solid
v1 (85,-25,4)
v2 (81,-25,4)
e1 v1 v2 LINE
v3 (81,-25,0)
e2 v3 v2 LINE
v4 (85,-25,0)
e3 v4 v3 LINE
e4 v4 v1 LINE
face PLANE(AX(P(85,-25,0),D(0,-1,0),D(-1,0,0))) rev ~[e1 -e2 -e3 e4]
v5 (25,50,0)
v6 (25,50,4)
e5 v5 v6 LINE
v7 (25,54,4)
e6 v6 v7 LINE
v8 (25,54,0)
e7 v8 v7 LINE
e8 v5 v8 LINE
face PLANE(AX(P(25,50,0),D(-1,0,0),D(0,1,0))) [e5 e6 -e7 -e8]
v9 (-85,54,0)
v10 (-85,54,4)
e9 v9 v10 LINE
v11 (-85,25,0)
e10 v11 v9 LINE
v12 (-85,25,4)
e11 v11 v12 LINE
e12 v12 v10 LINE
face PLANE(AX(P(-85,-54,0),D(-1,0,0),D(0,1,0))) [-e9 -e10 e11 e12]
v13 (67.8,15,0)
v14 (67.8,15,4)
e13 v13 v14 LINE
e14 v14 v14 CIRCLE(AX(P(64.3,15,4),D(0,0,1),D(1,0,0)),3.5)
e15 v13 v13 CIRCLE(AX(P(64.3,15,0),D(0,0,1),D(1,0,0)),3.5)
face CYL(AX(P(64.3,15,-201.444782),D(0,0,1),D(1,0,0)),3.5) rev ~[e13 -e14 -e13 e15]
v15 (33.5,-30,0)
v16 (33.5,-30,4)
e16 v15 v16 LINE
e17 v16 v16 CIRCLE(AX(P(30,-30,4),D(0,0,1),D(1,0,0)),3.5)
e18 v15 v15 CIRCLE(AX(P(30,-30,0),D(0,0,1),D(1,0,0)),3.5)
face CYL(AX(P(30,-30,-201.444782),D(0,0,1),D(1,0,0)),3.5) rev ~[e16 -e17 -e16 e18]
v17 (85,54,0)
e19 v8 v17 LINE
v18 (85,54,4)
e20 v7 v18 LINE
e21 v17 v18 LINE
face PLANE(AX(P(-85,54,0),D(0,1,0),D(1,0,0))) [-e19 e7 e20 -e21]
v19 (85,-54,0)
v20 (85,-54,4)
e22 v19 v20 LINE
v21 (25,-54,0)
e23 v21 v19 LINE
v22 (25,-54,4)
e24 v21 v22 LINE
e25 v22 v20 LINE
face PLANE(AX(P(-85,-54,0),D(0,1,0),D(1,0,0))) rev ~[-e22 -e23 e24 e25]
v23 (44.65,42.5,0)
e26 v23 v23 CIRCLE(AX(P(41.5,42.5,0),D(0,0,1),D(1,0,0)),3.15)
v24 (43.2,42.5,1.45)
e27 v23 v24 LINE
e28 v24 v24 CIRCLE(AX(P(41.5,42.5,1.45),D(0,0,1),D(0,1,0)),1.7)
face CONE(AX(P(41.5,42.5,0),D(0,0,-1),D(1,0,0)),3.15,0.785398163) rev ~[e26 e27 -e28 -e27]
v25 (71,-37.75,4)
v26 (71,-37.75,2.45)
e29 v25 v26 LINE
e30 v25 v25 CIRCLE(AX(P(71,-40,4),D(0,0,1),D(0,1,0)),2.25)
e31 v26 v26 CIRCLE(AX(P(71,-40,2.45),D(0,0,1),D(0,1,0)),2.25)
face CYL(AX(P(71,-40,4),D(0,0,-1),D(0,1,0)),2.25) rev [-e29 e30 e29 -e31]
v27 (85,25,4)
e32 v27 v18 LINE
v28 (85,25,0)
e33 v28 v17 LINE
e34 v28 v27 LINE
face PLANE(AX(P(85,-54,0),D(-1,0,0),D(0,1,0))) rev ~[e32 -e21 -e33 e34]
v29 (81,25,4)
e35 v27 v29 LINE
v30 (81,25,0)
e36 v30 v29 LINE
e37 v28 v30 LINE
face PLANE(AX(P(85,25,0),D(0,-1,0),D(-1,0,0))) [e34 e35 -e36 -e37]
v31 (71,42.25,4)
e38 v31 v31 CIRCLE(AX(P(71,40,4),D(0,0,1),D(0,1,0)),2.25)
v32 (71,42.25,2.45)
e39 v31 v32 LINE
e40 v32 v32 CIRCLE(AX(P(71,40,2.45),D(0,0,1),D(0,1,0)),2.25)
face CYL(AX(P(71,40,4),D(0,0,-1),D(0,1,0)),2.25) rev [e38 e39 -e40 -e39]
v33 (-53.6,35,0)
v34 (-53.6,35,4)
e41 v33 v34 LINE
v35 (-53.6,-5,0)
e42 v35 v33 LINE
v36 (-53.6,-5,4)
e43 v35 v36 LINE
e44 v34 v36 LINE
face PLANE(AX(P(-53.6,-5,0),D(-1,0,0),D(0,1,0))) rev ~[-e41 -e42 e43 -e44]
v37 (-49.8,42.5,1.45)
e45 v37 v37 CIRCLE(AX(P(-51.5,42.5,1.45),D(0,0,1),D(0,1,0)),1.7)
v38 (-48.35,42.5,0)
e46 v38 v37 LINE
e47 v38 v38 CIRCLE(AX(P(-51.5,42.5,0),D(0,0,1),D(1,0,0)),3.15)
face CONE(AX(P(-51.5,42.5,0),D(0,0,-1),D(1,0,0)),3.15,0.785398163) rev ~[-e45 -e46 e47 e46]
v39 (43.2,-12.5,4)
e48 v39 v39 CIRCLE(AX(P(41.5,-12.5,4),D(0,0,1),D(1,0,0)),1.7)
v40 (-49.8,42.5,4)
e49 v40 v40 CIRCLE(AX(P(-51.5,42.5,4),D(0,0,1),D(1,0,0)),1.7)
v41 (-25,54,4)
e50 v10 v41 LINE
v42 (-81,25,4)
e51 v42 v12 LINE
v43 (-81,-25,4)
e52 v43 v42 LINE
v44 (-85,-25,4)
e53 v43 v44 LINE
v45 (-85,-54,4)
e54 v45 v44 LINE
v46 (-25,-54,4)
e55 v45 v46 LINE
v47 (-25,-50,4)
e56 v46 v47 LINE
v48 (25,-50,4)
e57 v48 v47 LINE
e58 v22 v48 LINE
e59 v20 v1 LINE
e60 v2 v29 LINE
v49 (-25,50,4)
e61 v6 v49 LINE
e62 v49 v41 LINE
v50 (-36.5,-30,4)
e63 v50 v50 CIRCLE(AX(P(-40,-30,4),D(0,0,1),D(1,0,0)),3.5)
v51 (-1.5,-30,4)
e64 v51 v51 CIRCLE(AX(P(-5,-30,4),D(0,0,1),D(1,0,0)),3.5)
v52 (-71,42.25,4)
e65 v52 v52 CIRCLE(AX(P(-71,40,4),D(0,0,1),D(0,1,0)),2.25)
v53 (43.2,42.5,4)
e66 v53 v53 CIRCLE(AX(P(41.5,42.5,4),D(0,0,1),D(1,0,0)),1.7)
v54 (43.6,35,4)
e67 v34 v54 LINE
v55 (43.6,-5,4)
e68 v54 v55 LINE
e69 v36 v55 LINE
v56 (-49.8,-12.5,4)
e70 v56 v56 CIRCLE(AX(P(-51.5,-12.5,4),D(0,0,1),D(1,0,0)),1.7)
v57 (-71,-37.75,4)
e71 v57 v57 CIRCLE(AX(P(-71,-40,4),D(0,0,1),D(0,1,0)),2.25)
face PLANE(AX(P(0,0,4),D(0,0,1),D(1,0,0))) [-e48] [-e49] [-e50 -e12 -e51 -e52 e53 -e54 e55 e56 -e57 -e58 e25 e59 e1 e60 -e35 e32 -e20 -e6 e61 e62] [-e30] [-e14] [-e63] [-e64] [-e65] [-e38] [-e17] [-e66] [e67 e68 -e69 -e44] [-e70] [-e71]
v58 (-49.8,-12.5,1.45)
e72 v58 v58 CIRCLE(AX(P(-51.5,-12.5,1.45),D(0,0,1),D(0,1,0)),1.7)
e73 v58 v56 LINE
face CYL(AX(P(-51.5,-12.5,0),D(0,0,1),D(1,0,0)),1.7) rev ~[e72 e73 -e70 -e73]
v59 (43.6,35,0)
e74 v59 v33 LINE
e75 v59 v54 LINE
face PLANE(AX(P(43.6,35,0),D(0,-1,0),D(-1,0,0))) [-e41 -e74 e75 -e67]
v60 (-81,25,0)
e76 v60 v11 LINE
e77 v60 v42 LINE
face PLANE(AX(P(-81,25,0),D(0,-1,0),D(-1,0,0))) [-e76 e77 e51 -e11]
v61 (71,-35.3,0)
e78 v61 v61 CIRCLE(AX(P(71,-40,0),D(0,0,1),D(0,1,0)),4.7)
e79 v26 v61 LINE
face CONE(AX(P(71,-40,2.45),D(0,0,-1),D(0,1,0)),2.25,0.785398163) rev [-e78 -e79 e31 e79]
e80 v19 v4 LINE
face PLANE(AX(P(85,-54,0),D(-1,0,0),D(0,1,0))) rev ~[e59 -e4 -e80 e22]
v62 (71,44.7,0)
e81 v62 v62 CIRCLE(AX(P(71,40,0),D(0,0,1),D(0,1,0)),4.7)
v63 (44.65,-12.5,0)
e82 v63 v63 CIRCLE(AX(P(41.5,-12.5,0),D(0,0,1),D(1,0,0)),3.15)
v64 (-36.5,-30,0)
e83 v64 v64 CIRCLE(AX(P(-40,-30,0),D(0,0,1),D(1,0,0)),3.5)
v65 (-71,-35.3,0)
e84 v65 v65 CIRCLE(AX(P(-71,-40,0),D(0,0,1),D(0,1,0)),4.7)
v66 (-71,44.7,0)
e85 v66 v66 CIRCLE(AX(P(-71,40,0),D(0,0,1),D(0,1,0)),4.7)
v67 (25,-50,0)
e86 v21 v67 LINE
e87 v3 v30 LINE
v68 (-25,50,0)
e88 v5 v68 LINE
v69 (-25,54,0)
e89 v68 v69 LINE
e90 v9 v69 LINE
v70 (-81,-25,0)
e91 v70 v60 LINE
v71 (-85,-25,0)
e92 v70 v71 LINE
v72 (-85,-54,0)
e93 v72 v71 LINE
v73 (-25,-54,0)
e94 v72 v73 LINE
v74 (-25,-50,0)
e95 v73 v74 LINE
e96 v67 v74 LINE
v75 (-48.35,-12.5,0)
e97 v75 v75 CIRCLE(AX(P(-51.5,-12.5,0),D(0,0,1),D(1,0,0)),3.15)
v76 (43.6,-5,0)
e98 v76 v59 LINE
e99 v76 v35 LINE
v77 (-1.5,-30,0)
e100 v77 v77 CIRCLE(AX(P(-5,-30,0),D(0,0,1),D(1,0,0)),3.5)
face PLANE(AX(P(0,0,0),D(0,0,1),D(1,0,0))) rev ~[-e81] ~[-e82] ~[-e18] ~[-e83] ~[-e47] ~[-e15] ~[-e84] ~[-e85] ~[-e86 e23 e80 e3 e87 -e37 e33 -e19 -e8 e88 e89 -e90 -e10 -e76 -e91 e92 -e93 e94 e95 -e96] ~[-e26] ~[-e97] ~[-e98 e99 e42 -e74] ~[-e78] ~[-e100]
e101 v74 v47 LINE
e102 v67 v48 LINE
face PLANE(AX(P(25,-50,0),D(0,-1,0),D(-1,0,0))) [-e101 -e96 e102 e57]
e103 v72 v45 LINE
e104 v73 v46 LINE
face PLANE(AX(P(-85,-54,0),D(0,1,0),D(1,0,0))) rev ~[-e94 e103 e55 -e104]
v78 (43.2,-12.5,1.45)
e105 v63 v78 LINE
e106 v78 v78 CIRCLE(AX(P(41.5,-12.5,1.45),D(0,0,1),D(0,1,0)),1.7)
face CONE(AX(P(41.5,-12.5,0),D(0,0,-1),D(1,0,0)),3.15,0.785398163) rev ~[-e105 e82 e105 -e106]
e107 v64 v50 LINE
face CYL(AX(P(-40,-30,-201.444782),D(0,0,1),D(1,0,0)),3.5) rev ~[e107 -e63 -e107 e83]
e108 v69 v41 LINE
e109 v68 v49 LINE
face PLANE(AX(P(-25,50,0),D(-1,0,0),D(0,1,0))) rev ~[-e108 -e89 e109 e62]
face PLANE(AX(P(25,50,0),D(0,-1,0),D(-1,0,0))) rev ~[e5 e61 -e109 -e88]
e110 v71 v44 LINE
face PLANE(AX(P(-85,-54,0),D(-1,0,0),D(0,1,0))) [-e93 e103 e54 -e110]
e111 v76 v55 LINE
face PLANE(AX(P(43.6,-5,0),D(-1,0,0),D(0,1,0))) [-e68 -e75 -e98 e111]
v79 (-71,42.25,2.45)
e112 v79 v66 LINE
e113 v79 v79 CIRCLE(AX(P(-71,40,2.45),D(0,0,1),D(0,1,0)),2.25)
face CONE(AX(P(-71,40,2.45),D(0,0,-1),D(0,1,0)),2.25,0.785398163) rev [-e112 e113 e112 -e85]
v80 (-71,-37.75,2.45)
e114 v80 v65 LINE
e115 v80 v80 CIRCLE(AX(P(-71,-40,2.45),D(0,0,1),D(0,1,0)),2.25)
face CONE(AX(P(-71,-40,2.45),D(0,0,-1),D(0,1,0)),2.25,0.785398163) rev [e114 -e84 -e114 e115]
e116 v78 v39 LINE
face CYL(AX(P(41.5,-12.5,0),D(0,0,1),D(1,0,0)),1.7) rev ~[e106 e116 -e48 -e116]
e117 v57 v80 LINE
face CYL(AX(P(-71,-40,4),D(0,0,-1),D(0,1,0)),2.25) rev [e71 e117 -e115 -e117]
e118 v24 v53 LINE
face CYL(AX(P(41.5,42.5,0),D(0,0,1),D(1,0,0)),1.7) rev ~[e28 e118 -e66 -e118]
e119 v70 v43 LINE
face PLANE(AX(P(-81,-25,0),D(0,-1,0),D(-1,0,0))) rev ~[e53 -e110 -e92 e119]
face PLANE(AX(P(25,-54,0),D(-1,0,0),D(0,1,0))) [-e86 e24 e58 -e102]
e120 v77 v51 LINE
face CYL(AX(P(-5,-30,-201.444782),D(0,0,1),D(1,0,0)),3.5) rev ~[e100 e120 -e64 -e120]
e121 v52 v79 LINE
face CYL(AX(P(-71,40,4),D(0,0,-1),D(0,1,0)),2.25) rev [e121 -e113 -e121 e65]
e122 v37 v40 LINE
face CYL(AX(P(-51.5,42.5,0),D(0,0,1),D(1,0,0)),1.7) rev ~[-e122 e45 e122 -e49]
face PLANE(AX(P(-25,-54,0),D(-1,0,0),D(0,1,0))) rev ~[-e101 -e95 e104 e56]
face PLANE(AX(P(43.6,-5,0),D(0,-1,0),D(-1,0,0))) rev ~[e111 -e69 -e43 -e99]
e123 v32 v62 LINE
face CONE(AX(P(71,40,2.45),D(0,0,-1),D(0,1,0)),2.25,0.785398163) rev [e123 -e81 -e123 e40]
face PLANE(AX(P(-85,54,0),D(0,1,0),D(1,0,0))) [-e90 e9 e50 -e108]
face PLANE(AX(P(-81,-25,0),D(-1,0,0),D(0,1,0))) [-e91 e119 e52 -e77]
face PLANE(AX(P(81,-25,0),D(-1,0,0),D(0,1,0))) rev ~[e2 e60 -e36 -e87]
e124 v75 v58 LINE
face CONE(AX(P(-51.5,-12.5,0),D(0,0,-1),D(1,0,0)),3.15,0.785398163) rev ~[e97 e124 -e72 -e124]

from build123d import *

# Parameters (mm, degrees)
SKETCH1_W                                    = 170
SKETCH1_H                                    = 108
PLATE_DEPTH                                  = 4
SKETCH2_W                                    = 97.2
SKETCH2_H                                    = 40
SCREEN_SLOT_DEPTH                            = 101.781942827
SCREEN_SCREW_HOLES_D                         = 3.4
SCREEN_SCREW_HOLES_CSINK_D                   = 6.3
SCREEN_SCREW_HOLES_CSINK_ANGLE               = 90
KNOB_HOLES_D                                 = 7
CUT_EXTRUDE2_REACH                           = 102.782
SKETCH8_W                                    = 50
SKETCH8_H                                    = 4
SKETCH8_W_2                                  = 4
SKETCH8_H_2                                  = 50
CSK_FOR_M4_COUNTERSUNK_FLAT_HEAD_SCR_2_COUNT = 2
CSK_FOR_M4_COUNTERSUNK_FLAT_HEAD_SCR_2_PITCH = 142
CSK_FOR_M4_COUNTERSUNK_FLAT_HEAD_SCR_3_COUNT = 2
CSK_FOR_M4_COUNTERSUNK_FLAT_HEAD_SCR_3_PITCH = 162.984661855
CSK_FOR_M4_COUNTERSUNK_FLAT_HEAD_SCR_4_COUNT = 2
CSK_FOR_M4_COUNTERSUNK_FLAT_HEAD_SCR_4_PITCH = 80


with BuildPart() as part:
    # Sketch1 → Plate (new body)
    with BuildSketch(Plane.XY):
        Rectangle(SKETCH1_W, SKETCH1_H)
    extrude(amount=PLATE_DEPTH)

    # Sketch2 → Screen slot (cut, through all)
    with BuildSketch(Plane(origin=(0, 0, 0), x_dir=(-1, 0, 0), z_dir=(0, 0, -1))):
        with Locations((5, 15)):
            Rectangle(SKETCH2_W, SKETCH2_H)
    extrude(amount=-SCREEN_SLOT_DEPTH, mode=Mode.SUBTRACT)

    # Screen screw holes (through all)
    with Locations(Plane(origin=(41.5, 42.5, 0), x_dir=(-1, 0, 0), z_dir=(0, 0, -1))):
        with Locations((0, 0), (93, 0), (93, -55), (0, -55)):
            CounterSinkHole(SCREEN_SCREW_HOLES_D / 2, SCREEN_SCREW_HOLES_CSINK_D / 2, counter_sink_angle=SCREEN_SCREW_HOLES_CSINK_ANGLE)

    # Knob holes (through all)
    with Locations(Plane(origin=(30, -30, 0), x_dir=(-1, 0, 0), z_dir=(0, 0, -1))):
        with Locations((0, 0), (35, 0), (70, 0), (-34.3, 45)):
            Hole(KNOB_HOLES_D / 2)

    # Sketch8 → Cut-Extrude2 (cut, up to next)
    with BuildSketch(Plane(origin=(0, 0, 0), x_dir=(-1, 0, 0), z_dir=(0, 0, -1)), mode=Mode.PRIVATE) as cut_extrude2_sk1:
        with Locations((0, 52)):
            Rectangle(SKETCH8_W, SKETCH8_H)
    cut_extrude2_tool1 = extrude(cut_extrude2_sk1.sketch, amount=-CUT_EXTRUDE2_REACH, mode=Mode.PRIVATE) & part.part
    # Sketch8 → Cut-Extrude2 (cut, up to next)
    with BuildSketch(Plane(origin=(0, 0, 0), x_dir=(-1, 0, 0), z_dir=(0, 0, -1)), mode=Mode.PRIVATE) as cut_extrude2_sk2:
        with Locations((83, 0)):
            Rectangle(SKETCH8_W_2, SKETCH8_H_2)
    cut_extrude2_tool2 = extrude(cut_extrude2_sk2.sketch, amount=-CUT_EXTRUDE2_REACH, mode=Mode.PRIVATE) & part.part
    # Sketch8 → Cut-Extrude2 (cut, up to next)
    with BuildSketch(Plane(origin=(0, 0, 0), x_dir=(-1, 0, 0), z_dir=(0, 0, -1)), mode=Mode.PRIVATE) as cut_extrude2_sk3:
        with Locations((0, -52)):
            Rectangle(SKETCH8_W, SKETCH8_H)
    cut_extrude2_tool3 = extrude(cut_extrude2_sk3.sketch, amount=-CUT_EXTRUDE2_REACH, mode=Mode.PRIVATE) & part.part
    # Sketch8 → Cut-Extrude2 (cut, up to next)
    with BuildSketch(Plane(origin=(0, 0, 0), x_dir=(-1, 0, 0), z_dir=(0, 0, -1)), mode=Mode.PRIVATE) as cut_extrude2_sk4:
        with Locations((-83, 0)):
            Rectangle(SKETCH8_W_2, SKETCH8_H_2)
    cut_extrude2_tool4 = extrude(cut_extrude2_sk4.sketch, amount=-CUT_EXTRUDE2_REACH, mode=Mode.PRIVATE) & part.part
    add(cut_extrude2_tool1.solids().sort_by_distance((0, 52, 0))[0], mode=Mode.SUBTRACT)
    add(cut_extrude2_tool2.solids().sort_by_distance((-83, 0, 0))[0], mode=Mode.SUBTRACT)
    add(cut_extrude2_tool3.solids().sort_by_distance((0, -52, 0))[0], mode=Mode.SUBTRACT)
    add(cut_extrude2_tool4.solids().sort_by_distance((83, 0, 0))[0], mode=Mode.SUBTRACT)

    # Sketch10 → CSK for M4 Countersunk Flat Head Screw1 (revolve, cut)
    with BuildSketch(Plane(origin=(71, 40, 0), x_dir=(0, 1, 0), z_dir=(1, 0, 0))):
        Polygon((0, 0), (0, 4), (2.25, 4), (2.25, 2.45), (4.7, 0), align=None)
    csk_for_m4_countersunk_flat_head_screw1 = revolve(axis=Axis((71, 40, -6.35), (0, 0, 1)), mode=Mode.SUBTRACT)

    # CSK for M4 Countersunk Flat Head Scr 2: CSK for M4 Countersunk Flat Head Screw1 ×2
    with Locations(*[(-i * CSK_FOR_M4_COUNTERSUNK_FLAT_HEAD_SCR_2_PITCH, 0, 0) for i in range(1, CSK_FOR_M4_COUNTERSUNK_FLAT_HEAD_SCR_2_COUNT)]):
        add(csk_for_m4_countersunk_flat_head_screw1, mode=Mode.SUBTRACT)

    # CSK for M4 Countersunk Flat Head Scr 3: CSK for M4 Countersunk Flat Head Screw1 ×2
    with Locations(*[Vector(-0.8712476277448776, -0.49084373394077596, 0) * (i * CSK_FOR_M4_COUNTERSUNK_FLAT_HEAD_SCR_3_PITCH) for i in range(1, CSK_FOR_M4_COUNTERSUNK_FLAT_HEAD_SCR_3_COUNT)]):
        add(csk_for_m4_countersunk_flat_head_screw1, mode=Mode.SUBTRACT)

    # CSK for M4 Countersunk Flat Head Scr 4: CSK for M4 Countersunk Flat Head Screw1 ×2
    with Locations(*[(0, -i * CSK_FOR_M4_COUNTERSUNK_FLAT_HEAD_SCR_4_PITCH, 0) for i in range(1, CSK_FOR_M4_COUNTERSUNK_FLAT_HEAD_SCR_4_COUNT)]):
        add(csk_for_m4_countersunk_flat_head_screw1, mode=Mode.SUBTRACT)


solid = part.part
